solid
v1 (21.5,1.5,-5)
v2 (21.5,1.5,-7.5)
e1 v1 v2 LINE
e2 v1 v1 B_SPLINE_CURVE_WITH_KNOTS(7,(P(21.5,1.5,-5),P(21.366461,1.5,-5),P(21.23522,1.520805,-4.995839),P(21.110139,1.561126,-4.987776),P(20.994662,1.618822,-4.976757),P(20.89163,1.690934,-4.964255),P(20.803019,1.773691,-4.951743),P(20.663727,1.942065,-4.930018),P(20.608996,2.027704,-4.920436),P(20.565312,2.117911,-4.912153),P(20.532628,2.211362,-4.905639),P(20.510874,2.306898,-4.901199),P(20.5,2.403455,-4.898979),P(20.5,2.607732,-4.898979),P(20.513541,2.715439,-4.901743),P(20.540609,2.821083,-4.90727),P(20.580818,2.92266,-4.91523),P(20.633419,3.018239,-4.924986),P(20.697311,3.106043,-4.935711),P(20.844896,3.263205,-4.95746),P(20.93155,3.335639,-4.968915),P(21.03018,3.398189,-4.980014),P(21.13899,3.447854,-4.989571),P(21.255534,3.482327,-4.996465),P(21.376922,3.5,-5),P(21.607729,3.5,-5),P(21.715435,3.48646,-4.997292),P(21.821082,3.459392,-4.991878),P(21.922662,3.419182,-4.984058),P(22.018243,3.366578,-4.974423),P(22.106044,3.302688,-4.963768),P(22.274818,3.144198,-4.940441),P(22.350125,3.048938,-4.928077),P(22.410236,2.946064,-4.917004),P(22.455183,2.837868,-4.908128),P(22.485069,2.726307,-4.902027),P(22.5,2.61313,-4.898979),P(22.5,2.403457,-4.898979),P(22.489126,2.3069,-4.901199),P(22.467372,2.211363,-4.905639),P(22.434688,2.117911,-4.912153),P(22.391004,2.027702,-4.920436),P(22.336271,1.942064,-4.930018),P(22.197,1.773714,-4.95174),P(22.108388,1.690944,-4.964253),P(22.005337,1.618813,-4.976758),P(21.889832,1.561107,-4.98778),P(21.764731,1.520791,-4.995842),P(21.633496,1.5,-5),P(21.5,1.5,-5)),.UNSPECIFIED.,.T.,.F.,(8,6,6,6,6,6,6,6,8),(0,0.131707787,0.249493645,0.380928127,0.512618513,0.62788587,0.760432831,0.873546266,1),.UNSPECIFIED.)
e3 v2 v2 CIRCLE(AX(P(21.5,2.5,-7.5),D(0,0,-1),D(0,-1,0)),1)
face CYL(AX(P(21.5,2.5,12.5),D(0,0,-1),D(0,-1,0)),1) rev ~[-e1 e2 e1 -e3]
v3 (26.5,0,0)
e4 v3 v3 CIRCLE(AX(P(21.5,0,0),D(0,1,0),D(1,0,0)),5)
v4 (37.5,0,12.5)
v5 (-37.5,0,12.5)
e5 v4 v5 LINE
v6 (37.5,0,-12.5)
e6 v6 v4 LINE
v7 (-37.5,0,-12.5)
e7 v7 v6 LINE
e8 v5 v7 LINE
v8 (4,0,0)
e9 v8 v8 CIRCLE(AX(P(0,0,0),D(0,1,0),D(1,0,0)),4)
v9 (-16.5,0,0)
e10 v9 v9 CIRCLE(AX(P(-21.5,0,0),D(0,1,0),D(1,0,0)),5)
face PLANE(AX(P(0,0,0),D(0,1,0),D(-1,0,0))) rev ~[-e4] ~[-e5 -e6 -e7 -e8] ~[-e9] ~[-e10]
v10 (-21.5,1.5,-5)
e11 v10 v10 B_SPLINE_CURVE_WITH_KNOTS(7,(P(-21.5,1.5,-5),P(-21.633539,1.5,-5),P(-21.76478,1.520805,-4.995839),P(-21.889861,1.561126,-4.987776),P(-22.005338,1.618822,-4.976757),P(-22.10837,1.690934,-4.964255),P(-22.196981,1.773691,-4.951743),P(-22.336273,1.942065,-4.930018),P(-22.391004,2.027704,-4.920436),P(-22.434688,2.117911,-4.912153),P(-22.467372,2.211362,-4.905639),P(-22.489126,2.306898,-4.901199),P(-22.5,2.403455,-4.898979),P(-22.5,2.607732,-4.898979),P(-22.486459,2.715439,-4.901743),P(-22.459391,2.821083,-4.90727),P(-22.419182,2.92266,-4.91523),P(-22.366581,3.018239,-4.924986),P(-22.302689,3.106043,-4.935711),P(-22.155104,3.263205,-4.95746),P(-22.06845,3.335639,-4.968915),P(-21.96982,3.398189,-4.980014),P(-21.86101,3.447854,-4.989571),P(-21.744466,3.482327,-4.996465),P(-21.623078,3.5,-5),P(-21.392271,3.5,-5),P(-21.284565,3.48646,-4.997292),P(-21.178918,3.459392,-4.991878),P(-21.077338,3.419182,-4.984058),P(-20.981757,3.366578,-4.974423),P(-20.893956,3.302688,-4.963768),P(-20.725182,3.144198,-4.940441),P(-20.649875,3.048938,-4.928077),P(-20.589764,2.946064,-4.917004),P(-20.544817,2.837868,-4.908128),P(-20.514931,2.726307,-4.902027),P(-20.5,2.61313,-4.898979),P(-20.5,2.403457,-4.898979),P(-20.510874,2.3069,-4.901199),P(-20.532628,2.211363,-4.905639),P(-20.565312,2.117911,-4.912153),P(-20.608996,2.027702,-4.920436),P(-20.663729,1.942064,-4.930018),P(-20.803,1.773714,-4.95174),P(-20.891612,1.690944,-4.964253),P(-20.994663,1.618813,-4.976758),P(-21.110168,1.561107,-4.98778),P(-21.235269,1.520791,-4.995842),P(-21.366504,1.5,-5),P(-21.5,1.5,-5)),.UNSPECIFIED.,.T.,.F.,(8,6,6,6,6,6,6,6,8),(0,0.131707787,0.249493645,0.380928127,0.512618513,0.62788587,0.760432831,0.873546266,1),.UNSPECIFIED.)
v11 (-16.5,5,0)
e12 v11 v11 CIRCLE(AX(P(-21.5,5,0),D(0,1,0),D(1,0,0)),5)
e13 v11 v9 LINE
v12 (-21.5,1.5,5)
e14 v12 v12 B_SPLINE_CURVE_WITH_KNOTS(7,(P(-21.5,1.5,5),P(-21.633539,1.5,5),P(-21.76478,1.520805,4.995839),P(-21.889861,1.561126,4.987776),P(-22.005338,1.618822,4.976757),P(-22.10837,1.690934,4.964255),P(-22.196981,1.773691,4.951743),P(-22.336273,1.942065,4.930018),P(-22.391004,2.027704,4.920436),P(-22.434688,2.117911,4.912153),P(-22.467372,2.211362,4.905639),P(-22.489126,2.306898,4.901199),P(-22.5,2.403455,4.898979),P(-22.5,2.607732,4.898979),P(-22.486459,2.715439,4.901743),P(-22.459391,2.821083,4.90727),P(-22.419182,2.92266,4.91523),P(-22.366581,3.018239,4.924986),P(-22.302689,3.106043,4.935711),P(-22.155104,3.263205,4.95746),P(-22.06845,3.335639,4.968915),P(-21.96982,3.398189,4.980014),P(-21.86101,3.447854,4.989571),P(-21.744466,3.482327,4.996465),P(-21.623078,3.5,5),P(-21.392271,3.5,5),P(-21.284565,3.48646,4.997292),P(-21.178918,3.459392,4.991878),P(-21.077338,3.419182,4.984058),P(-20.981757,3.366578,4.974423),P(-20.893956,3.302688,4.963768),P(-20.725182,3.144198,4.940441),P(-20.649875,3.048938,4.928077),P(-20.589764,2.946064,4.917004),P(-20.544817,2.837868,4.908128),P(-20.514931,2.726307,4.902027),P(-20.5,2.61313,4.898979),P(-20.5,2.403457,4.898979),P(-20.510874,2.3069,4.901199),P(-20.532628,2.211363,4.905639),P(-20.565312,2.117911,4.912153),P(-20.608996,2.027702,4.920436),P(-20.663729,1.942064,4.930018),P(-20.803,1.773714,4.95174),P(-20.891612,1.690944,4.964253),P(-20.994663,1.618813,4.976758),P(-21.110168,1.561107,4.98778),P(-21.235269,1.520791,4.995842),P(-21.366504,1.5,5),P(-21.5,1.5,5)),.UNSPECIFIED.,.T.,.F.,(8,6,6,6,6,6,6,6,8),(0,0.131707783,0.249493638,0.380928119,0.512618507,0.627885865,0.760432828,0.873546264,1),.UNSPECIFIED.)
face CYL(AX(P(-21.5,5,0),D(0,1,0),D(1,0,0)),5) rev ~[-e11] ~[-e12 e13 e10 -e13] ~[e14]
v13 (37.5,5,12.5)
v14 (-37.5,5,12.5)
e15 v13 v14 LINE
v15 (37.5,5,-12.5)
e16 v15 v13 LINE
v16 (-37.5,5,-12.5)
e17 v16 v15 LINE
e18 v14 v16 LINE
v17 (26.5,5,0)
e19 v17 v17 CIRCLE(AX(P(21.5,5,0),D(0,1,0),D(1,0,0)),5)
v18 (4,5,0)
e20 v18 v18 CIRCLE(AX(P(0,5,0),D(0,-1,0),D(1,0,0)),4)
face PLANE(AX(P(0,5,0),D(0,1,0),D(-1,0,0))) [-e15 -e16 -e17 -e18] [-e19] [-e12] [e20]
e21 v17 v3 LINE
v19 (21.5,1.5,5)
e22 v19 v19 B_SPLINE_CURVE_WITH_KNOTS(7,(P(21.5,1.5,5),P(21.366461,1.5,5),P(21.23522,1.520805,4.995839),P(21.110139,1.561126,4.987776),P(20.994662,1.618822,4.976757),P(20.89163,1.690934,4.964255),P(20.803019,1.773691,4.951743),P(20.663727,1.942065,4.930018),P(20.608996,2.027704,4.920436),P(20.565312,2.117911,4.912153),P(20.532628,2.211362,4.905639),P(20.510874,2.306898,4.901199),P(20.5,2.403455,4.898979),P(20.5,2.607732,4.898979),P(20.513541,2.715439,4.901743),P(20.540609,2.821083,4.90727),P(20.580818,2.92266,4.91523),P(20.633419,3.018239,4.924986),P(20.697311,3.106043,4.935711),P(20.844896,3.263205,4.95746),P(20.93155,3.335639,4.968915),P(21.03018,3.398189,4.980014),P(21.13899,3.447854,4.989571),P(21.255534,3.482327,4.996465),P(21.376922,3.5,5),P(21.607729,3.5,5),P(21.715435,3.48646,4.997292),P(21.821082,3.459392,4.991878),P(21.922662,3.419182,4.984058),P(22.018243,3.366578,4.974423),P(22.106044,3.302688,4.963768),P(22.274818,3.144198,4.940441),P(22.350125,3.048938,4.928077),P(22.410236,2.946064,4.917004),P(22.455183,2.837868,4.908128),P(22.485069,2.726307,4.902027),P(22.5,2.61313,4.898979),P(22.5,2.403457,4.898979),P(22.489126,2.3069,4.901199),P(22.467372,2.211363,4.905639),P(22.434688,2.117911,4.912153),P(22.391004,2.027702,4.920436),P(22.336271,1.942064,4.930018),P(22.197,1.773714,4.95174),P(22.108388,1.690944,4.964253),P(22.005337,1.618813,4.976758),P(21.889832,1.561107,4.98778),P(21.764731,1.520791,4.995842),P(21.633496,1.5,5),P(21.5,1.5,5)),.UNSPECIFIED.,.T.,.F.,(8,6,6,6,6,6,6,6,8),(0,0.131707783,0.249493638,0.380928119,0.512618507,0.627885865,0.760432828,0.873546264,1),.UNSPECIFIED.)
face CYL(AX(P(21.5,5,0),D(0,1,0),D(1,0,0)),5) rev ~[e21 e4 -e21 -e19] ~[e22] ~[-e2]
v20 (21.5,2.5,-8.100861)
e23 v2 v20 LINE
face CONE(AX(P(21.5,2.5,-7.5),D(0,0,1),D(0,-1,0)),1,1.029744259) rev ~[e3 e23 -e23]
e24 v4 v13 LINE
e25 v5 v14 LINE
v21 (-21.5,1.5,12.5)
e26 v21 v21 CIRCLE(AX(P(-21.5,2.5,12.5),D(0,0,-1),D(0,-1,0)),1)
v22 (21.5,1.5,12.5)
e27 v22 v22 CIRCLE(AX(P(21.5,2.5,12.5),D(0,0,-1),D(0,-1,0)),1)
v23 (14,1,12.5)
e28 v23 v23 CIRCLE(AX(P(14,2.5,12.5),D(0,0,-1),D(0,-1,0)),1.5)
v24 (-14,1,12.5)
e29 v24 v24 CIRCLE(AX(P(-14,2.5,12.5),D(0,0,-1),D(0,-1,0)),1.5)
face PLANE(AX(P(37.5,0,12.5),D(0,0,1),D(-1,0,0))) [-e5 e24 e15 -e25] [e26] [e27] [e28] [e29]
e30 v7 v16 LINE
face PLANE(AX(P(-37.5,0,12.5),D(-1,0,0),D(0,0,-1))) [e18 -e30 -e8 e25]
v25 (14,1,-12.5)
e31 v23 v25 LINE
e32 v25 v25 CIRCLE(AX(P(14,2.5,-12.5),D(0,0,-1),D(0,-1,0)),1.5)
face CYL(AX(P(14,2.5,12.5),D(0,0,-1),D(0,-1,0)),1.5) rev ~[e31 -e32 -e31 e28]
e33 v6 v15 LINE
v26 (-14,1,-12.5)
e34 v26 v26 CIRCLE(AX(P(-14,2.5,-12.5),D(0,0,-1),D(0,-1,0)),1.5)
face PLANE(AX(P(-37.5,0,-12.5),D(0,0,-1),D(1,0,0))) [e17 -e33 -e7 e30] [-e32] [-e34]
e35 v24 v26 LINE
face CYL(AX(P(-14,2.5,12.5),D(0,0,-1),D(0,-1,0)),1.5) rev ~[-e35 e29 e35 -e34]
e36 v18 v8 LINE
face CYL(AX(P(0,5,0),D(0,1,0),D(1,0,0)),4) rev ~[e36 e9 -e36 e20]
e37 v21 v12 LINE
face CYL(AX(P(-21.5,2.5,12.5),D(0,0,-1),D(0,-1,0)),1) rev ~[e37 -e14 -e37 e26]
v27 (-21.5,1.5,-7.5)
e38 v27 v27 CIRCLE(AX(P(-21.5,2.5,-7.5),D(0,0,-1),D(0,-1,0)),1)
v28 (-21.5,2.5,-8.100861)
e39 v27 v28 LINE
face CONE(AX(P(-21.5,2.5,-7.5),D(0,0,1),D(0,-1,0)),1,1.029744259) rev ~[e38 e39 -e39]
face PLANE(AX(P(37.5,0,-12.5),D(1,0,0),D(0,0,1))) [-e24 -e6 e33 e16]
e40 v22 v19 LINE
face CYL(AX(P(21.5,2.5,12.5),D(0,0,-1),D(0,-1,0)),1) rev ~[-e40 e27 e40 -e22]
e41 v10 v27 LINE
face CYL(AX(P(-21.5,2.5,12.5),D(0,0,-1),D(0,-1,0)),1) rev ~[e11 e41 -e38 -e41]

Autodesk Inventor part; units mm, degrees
ref_plane "YZ Plane" through (0, 0, 0) normal (1, 0, 0) x (0, 1, 0)
ref_plane "XZ Plane" through (0, 0, 0) normal (0, 1, 0) x (-1, 0, 0)
ref_plane "XY Plane" through (0, 0, 0) normal (0, 0, 1) x (1, 0, 0)
sketch "Boceto1" plane through (0, 0, 0) normal (0, 1, 0) x (-1, 0, 0)
  line L0 (-37.5, 12.5) -> (37.5, 12.5)
  line L1 (37.5, 12.5) -> (37.5, -12.5)
  line L2 (37.5, -12.5) -> (-37.5, -12.5)
  line L3 (-37.5, -12.5) -> (-37.5, 12.5)
  line L4 (-37.5, 12.5) -> (37.5, -12.5) construction
  line L5 (37.5, 12.5) -> (-37.5, -12.5) construction
  point P0 (0, 0)
  dimension "d4" = 25
  dimension "d5" = 75
extrude "Extrusión1" add sketch "Boceto1" along normal blind 5
sketch "Boceto2" plane through (-37.5, 0, 12.5) normal (0, 0, 1) x (1, 0, 0)
  line L0 (75, 0) -> (0, 0) projected
  line L1 (75, 0) -> (75, 5) projected
  line L2 (0, 5) -> (75, 5) projected
  line L3 (0, 0) -> (0, 5) projected
  line L4 (37.5, 0) -> (37.5, 5)
  point P0 (23.5, 2.5)
  point P1 (16, 2.5)
  point P2 (51.5, 2.5)
  point P3 (59, 2.5)
  dimension "d12" = 14
  dimension "d13" = 21.5
hole "Agujero1" at (-14, 2.5, 12.5) at (14, 2.5, 12.5) direction (0, 0, -1) diameter 3 end through all
hole "Agujero2" at (-21.5, 2.5, 12.5) at (21.5, 2.5, 12.5) direction (0, 0, -1) diameter 2 depth 20 tip angle 118
sketch "Boceto3" plane through (0, 5, 0) normal (0, 1, 0) x (1, 0, 0)
  circle A0 centre (-21.5, 0) radius 5
  line L0 (0, -9.1996) -> (0, 9.6209)
  circle A1 centre (21.5, 0) radius 5
  circle A2 centre (0, 0) radius 4
  dimension "d28" = 21.5
  dimension "d29" = 0
  dimension "d30" = 10
  dimension "d31" = 0
  dimension "d34" = 8
  dimension "d35" = 0
  dimension "d36" = 0
extrude "Extrusión2" cut sketch "Boceto3" against normal through all
equation "\"d4\" = 25 * scale"
equation "\"d5\" = 75 * scale"
equation "\"d2\" = 5 * scale"
equation "\"d12\" = 14 * scale"
equation "\"d13\" = 21.5 * scale"
equation "\"d28\" = 21.5 * scale"
equation "\"d30\" = 10 * scale"
equation "\"d34\" = 8 * scale"
equation "\"scale\" = 1"
properties part number "Placa2"
